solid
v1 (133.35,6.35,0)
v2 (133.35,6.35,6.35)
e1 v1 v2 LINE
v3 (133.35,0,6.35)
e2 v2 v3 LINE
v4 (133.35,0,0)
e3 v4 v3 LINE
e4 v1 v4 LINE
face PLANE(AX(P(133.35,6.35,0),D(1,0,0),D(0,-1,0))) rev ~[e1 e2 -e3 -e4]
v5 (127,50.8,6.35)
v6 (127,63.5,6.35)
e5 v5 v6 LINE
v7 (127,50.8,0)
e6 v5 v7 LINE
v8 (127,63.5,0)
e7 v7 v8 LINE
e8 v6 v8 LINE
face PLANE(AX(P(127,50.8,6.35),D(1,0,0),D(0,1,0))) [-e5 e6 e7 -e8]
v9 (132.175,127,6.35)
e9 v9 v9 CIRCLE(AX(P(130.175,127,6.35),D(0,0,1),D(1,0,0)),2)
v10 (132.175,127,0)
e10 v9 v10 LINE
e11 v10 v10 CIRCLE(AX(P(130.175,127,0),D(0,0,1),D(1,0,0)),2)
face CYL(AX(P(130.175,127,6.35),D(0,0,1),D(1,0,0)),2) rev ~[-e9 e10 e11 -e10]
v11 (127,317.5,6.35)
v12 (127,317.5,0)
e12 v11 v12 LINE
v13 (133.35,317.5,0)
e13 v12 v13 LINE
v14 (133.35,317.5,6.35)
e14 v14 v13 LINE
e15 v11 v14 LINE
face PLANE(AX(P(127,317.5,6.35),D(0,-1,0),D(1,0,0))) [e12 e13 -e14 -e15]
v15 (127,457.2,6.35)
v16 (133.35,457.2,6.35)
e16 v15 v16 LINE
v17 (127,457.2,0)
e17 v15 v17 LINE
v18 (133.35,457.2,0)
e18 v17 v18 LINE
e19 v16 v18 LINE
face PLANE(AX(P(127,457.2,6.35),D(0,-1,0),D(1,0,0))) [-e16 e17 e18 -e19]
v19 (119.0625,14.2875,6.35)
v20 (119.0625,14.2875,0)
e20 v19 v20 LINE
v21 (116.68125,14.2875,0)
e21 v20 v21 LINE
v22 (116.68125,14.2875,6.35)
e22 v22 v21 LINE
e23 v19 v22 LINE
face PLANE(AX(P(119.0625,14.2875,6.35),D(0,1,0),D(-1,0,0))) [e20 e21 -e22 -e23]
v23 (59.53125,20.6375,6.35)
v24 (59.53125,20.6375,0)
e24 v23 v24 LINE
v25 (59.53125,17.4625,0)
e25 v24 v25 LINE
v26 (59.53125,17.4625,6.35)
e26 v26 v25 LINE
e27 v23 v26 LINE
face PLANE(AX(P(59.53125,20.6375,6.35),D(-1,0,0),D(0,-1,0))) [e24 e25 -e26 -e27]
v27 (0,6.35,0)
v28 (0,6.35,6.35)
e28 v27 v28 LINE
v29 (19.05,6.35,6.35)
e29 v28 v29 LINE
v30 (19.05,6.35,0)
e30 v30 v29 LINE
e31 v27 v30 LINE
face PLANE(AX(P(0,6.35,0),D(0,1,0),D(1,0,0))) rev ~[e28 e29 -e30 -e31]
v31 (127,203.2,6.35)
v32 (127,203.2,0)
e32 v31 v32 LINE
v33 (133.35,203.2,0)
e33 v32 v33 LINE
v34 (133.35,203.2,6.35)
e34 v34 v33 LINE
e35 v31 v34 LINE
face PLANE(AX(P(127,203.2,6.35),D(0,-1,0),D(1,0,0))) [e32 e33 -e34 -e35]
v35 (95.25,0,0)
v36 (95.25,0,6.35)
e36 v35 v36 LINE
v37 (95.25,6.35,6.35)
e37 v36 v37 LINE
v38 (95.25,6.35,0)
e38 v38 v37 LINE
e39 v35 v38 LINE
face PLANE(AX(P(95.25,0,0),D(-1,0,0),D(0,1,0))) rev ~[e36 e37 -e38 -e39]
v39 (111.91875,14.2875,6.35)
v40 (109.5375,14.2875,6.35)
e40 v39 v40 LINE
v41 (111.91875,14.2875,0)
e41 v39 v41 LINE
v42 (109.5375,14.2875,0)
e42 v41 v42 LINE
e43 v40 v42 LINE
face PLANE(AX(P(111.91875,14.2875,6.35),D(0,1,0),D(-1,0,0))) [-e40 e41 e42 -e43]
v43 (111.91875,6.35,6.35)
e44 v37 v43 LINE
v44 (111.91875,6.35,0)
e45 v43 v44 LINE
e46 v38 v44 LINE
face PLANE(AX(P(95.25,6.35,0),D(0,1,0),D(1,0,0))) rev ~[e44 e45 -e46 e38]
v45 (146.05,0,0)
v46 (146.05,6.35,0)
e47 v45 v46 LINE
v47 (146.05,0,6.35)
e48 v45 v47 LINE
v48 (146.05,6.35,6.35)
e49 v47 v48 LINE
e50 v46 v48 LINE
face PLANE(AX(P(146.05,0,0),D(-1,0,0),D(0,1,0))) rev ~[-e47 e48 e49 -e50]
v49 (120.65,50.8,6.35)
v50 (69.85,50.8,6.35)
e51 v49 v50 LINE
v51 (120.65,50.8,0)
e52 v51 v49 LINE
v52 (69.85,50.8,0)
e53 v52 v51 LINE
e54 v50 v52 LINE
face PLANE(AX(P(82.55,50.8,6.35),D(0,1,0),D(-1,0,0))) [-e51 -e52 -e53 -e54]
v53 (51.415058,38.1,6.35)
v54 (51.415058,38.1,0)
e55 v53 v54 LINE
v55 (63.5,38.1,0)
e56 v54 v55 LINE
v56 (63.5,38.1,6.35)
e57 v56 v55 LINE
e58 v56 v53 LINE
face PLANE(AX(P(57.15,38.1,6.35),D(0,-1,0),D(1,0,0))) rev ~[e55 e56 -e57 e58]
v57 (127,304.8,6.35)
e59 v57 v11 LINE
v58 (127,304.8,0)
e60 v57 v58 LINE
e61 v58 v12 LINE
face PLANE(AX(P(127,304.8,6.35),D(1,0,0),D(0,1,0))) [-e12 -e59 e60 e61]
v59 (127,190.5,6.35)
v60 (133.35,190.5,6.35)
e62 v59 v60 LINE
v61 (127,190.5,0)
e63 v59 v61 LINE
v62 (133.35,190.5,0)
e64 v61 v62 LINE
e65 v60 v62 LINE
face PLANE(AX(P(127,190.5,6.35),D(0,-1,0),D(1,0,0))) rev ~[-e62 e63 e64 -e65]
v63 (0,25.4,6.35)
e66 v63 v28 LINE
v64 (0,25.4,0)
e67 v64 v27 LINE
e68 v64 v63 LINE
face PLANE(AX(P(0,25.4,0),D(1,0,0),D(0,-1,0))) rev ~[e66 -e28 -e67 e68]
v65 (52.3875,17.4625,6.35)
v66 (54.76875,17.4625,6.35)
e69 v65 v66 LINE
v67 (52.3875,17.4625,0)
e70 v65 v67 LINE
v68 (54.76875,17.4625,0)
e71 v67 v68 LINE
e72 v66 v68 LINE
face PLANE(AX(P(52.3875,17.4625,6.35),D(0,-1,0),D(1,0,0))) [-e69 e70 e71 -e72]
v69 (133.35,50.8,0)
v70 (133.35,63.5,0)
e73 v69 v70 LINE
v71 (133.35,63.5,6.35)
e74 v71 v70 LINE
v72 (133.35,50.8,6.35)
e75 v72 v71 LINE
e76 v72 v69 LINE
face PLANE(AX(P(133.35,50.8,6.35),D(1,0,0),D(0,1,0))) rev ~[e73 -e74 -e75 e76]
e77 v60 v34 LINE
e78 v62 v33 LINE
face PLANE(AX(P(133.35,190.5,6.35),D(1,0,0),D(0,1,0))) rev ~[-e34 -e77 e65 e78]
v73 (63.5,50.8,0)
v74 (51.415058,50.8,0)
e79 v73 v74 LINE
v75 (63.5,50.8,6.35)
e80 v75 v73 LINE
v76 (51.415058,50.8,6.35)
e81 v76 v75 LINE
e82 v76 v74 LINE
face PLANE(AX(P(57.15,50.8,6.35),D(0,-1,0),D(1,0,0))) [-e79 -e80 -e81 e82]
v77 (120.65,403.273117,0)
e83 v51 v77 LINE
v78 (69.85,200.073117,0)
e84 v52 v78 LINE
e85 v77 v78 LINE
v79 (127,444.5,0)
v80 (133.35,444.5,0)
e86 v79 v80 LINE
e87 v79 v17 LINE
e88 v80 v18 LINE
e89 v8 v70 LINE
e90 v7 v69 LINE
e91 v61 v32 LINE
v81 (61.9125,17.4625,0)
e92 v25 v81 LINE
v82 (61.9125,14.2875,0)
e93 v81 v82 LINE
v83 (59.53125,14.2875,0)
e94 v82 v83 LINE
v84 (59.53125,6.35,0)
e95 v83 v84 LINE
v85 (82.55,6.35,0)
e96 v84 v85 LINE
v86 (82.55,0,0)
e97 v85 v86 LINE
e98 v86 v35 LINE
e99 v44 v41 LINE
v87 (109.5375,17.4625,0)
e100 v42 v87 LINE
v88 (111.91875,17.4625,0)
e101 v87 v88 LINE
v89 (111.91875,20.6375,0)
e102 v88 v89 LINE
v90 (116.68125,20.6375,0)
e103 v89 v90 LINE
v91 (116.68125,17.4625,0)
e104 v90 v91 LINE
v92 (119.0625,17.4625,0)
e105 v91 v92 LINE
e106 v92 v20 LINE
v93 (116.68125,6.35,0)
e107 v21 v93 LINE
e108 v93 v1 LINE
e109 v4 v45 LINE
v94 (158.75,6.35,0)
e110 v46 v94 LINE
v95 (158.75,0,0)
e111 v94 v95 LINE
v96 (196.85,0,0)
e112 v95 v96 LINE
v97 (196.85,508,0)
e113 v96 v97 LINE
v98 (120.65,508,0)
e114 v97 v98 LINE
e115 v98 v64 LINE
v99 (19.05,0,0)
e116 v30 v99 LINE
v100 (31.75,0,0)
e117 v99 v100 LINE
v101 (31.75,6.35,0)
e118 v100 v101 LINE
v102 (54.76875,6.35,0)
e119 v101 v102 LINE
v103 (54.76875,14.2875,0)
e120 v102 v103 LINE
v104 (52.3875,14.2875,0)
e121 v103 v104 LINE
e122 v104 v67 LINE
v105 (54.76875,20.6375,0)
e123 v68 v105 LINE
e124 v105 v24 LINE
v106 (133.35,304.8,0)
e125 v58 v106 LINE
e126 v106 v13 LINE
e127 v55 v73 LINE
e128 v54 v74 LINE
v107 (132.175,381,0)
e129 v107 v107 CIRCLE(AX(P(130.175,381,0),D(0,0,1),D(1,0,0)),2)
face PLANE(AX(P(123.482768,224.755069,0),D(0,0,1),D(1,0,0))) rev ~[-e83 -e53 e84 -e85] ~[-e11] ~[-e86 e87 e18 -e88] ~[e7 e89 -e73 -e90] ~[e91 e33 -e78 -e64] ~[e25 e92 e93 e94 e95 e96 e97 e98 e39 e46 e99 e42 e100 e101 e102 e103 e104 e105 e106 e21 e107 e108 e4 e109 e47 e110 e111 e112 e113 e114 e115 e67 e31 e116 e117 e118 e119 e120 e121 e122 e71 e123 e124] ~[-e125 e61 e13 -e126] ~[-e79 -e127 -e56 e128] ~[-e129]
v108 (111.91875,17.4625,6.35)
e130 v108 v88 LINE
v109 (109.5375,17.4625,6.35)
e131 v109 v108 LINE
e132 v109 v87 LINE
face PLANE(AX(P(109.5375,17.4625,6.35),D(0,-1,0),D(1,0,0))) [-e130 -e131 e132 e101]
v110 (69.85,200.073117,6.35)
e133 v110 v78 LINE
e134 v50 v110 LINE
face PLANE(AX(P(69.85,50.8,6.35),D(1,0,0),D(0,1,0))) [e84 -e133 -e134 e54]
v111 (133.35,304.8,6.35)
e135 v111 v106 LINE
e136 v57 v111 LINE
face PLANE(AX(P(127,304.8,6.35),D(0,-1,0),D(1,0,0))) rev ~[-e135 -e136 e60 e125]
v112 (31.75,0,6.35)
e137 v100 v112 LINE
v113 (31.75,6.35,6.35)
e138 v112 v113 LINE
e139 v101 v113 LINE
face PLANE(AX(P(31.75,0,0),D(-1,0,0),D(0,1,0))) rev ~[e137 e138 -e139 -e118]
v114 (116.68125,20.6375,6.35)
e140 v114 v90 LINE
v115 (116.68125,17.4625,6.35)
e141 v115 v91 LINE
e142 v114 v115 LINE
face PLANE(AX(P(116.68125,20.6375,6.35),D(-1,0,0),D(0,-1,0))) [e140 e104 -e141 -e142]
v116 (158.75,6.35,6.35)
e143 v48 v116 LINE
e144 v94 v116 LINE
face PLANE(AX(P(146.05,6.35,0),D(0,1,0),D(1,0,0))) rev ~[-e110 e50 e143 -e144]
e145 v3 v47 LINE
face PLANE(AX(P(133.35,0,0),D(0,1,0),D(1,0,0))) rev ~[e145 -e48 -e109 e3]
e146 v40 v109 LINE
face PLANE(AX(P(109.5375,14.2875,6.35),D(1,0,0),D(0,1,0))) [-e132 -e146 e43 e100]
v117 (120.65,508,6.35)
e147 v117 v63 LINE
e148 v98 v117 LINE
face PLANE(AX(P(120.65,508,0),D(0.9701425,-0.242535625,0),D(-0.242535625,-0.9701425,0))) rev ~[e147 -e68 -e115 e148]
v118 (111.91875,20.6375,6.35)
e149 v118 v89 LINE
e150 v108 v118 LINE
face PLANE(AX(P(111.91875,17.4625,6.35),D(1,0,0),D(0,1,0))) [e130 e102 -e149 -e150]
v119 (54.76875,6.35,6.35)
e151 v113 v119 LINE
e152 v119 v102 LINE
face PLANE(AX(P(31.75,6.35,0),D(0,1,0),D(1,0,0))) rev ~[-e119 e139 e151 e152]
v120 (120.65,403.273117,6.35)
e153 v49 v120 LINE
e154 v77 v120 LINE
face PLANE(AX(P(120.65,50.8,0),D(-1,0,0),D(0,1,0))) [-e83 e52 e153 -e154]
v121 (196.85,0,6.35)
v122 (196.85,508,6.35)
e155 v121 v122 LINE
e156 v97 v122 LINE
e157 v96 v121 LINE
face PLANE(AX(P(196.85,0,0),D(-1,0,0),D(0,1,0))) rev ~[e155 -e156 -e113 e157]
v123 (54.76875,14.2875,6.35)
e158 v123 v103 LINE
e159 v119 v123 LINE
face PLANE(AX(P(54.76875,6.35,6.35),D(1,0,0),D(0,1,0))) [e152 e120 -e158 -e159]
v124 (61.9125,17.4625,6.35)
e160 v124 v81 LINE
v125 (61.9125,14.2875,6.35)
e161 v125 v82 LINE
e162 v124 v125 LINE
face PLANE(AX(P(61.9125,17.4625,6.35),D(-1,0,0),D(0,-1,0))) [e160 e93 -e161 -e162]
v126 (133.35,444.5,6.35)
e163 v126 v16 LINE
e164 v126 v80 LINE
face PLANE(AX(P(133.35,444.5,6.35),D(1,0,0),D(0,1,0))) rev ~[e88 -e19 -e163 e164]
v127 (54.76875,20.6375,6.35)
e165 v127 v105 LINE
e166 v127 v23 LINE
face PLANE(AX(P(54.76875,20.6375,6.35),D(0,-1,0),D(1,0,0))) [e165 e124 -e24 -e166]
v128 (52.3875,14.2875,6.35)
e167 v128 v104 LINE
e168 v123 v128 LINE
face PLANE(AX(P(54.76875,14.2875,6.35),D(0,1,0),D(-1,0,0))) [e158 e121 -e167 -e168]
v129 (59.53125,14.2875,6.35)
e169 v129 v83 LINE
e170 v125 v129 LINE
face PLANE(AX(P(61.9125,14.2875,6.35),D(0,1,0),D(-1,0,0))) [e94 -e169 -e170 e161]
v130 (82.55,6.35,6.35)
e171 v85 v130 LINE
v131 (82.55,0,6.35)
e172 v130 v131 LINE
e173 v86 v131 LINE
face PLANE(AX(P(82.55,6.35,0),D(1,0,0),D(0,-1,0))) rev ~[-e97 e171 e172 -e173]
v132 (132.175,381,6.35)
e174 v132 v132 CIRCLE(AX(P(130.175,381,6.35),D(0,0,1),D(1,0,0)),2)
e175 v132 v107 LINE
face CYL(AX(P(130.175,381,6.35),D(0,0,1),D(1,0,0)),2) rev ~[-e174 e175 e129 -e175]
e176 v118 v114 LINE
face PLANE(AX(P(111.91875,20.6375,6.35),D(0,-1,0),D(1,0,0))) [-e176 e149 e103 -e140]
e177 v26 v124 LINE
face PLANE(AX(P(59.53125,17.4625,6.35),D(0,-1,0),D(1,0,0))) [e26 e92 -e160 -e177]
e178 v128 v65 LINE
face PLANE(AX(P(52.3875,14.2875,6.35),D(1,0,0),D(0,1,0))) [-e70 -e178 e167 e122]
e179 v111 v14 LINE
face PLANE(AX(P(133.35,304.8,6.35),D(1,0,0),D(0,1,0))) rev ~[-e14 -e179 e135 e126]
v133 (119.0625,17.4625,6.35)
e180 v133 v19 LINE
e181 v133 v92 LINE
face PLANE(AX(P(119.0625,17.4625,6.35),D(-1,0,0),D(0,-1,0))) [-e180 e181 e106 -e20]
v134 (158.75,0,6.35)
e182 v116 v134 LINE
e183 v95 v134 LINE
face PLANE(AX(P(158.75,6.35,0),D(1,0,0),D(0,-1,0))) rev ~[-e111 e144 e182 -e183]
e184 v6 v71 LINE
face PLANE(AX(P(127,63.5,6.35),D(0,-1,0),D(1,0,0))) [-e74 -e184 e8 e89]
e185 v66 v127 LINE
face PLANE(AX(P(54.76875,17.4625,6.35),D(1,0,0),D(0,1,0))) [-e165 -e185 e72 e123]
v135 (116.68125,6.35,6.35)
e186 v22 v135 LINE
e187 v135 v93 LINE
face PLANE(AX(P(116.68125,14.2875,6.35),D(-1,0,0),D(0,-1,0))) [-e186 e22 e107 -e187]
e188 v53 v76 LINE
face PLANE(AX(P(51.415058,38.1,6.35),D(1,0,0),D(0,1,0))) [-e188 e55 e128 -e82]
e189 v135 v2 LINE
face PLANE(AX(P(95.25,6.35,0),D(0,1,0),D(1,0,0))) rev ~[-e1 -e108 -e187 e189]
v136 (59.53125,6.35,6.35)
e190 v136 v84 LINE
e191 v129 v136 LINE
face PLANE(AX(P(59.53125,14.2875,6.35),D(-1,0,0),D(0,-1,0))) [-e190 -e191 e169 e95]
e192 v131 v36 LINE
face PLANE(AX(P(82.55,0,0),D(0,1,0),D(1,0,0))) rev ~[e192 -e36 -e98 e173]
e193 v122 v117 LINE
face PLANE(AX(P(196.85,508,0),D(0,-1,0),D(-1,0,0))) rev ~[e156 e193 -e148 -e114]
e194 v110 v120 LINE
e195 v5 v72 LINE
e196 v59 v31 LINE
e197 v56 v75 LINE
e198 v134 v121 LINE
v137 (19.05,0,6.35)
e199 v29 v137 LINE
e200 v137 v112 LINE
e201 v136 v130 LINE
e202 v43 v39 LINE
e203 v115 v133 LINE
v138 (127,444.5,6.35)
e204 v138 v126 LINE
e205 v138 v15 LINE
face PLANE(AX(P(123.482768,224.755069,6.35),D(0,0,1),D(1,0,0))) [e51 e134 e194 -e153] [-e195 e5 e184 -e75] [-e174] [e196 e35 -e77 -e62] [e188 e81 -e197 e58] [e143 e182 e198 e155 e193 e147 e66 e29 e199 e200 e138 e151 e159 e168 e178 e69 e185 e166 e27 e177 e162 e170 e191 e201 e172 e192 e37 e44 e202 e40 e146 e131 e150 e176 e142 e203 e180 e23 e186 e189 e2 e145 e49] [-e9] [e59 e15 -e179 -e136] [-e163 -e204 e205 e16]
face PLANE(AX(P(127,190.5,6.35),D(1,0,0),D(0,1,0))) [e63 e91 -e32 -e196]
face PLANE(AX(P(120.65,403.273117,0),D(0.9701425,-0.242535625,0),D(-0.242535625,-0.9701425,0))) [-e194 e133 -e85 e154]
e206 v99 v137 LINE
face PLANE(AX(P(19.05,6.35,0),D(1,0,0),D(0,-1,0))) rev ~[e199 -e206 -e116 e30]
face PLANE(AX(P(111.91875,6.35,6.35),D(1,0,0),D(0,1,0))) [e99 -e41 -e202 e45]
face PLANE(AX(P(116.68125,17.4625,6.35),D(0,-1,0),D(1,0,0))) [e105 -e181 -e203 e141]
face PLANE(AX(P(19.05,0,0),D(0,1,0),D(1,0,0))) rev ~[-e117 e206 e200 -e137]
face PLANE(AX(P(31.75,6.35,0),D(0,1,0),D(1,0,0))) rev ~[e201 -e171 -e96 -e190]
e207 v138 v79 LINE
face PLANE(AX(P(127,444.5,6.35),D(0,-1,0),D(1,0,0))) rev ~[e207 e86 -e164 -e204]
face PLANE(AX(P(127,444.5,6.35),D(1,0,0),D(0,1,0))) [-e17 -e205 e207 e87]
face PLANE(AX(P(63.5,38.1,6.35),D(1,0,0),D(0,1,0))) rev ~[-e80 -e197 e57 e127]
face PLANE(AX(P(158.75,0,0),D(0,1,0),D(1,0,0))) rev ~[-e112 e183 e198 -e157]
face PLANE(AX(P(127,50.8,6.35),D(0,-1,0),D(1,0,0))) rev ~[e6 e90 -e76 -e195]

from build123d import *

# Parameters (mm, degrees)
BOSS_EXTRUDE1_DEPTH = 6.35
CUT_EXTRUDE1_DEPTH  = 6.35
SKETCH4_R           = 2
SKETCH4_W           = 6.35
SKETCH4_H           = 12.7
CUT_EXTRUDE5_DEPTH  = 6.35
SKETCH6_W           = 6.35
SKETCH6_H           = 12.7
CUT_EXTRUDE6_DEPTH  = 6.35
CUT_EXTRUDE7_DEPTH  = 6.35
SKETCH5_W           = 6.35
SKETCH5_H           = 12.7
CUT_EXTRUDE4_DEPTH  = 6.35


with BuildPart() as part:
    # Sketch1 → Boss-Extrude1 (new body)
    with BuildSketch(Plane.XY):
        Polygon((190.5, 508), (120.65, 508), (0, 25.4), (0, 6.35), (19.05, 6.35), (19.05, 0), (31.75, 0), (31.75, 6.35), (82.55, 6.35), (82.55, 0), (95.25, 0), (95.25, 6.35), (133.35, 6.35), (133.35, 0), (146.05, 0), (146.05, 6.35), (158.75, 6.35), (158.75, 0), (190.5, 0), (196.85, 0), (196.85, 508), align=None)
        Polygon((120.65, 50.8), (120.65, 403.273117109), (82.55, 250.873117109), (82.55, 50.8), align=None, mode=Mode.SUBTRACT)
    extrude(amount=BOSS_EXTRUDE1_DEPTH)

    # Sketch2 → Cut-Extrude1 (cut)
    with BuildSketch(Plane.XY.offset(6.35)):
        Polygon((59.53125, 6.35), (54.76875, 6.35), (54.76875, 14.2875), (52.3875, 14.2875), (52.3875, 17.4625), (54.76875, 17.4625), (54.76875, 20.6375), (59.53125, 20.6375), (59.53125, 17.4625), (61.9125, 17.4625), (61.9125, 14.2875), (59.53125, 14.2875), align=None)
        Polygon((116.68125, 6.35), (111.91875, 6.35), (111.91875, 14.2875), (109.5375, 14.2875), (109.5375, 17.4625), (111.91875, 17.4625), (111.91875, 20.6375), (116.68125, 20.6375), (116.68125, 17.4625), (119.0625, 17.4625), (119.0625, 14.2875), (116.68125, 14.2875), align=None)
    extrude(amount=-CUT_EXTRUDE1_DEPTH, mode=Mode.SUBTRACT)

    # Sketch4 → Cut-Extrude5 (cut)
    with BuildSketch(Plane.XY.offset(6.35)):
        with Locations((130.175, 127)):
            Circle(SKETCH4_R)
        with Locations((130.175, 381)):
            Circle(SKETCH4_R)
        with Locations((130.175, 196.85)):
            Rectangle(SKETCH4_W, SKETCH4_H)
        with Locations((130.175, 57.15)):
            Rectangle(SKETCH4_W, SKETCH4_H)
        with Locations((130.175, 450.85)):
            Rectangle(SKETCH4_W, SKETCH4_H)
        with Locations((130.175, 311.15)):
            Rectangle(SKETCH4_W, SKETCH4_H)
    extrude(amount=-CUT_EXTRUDE5_DEPTH, mode=Mode.SUBTRACT)

    # Sketch6 → Cut-Extrude6 (cut)
    with BuildSketch(Plane.XY.offset(6.35)):
        with Locations((60.325, 44.45)):
            Rectangle(SKETCH6_W, SKETCH6_H)
    extrude(amount=-CUT_EXTRUDE6_DEPTH, mode=Mode.SUBTRACT)

    # Sketch7 → Cut-Extrude7 (cut)
    with BuildSketch(Plane.XY.offset(6.35)):
        Polygon((82.55, 50.8), (69.85, 50.8), (69.85, 200.073117109), (82.55, 250.873117109), align=None)
    extrude(amount=-CUT_EXTRUDE7_DEPTH, mode=Mode.SUBTRACT)

    # Sketch5 → Cut-Extrude4 (cut)
    with BuildSketch(Plane.XY.offset(6.35)):
        with Locations((54.590058309, 44.45)):
            Rectangle(SKETCH5_W, SKETCH5_H)
    extrude(amount=-CUT_EXTRUDE4_DEPTH, mode=Mode.SUBTRACT)


solid = part.part
